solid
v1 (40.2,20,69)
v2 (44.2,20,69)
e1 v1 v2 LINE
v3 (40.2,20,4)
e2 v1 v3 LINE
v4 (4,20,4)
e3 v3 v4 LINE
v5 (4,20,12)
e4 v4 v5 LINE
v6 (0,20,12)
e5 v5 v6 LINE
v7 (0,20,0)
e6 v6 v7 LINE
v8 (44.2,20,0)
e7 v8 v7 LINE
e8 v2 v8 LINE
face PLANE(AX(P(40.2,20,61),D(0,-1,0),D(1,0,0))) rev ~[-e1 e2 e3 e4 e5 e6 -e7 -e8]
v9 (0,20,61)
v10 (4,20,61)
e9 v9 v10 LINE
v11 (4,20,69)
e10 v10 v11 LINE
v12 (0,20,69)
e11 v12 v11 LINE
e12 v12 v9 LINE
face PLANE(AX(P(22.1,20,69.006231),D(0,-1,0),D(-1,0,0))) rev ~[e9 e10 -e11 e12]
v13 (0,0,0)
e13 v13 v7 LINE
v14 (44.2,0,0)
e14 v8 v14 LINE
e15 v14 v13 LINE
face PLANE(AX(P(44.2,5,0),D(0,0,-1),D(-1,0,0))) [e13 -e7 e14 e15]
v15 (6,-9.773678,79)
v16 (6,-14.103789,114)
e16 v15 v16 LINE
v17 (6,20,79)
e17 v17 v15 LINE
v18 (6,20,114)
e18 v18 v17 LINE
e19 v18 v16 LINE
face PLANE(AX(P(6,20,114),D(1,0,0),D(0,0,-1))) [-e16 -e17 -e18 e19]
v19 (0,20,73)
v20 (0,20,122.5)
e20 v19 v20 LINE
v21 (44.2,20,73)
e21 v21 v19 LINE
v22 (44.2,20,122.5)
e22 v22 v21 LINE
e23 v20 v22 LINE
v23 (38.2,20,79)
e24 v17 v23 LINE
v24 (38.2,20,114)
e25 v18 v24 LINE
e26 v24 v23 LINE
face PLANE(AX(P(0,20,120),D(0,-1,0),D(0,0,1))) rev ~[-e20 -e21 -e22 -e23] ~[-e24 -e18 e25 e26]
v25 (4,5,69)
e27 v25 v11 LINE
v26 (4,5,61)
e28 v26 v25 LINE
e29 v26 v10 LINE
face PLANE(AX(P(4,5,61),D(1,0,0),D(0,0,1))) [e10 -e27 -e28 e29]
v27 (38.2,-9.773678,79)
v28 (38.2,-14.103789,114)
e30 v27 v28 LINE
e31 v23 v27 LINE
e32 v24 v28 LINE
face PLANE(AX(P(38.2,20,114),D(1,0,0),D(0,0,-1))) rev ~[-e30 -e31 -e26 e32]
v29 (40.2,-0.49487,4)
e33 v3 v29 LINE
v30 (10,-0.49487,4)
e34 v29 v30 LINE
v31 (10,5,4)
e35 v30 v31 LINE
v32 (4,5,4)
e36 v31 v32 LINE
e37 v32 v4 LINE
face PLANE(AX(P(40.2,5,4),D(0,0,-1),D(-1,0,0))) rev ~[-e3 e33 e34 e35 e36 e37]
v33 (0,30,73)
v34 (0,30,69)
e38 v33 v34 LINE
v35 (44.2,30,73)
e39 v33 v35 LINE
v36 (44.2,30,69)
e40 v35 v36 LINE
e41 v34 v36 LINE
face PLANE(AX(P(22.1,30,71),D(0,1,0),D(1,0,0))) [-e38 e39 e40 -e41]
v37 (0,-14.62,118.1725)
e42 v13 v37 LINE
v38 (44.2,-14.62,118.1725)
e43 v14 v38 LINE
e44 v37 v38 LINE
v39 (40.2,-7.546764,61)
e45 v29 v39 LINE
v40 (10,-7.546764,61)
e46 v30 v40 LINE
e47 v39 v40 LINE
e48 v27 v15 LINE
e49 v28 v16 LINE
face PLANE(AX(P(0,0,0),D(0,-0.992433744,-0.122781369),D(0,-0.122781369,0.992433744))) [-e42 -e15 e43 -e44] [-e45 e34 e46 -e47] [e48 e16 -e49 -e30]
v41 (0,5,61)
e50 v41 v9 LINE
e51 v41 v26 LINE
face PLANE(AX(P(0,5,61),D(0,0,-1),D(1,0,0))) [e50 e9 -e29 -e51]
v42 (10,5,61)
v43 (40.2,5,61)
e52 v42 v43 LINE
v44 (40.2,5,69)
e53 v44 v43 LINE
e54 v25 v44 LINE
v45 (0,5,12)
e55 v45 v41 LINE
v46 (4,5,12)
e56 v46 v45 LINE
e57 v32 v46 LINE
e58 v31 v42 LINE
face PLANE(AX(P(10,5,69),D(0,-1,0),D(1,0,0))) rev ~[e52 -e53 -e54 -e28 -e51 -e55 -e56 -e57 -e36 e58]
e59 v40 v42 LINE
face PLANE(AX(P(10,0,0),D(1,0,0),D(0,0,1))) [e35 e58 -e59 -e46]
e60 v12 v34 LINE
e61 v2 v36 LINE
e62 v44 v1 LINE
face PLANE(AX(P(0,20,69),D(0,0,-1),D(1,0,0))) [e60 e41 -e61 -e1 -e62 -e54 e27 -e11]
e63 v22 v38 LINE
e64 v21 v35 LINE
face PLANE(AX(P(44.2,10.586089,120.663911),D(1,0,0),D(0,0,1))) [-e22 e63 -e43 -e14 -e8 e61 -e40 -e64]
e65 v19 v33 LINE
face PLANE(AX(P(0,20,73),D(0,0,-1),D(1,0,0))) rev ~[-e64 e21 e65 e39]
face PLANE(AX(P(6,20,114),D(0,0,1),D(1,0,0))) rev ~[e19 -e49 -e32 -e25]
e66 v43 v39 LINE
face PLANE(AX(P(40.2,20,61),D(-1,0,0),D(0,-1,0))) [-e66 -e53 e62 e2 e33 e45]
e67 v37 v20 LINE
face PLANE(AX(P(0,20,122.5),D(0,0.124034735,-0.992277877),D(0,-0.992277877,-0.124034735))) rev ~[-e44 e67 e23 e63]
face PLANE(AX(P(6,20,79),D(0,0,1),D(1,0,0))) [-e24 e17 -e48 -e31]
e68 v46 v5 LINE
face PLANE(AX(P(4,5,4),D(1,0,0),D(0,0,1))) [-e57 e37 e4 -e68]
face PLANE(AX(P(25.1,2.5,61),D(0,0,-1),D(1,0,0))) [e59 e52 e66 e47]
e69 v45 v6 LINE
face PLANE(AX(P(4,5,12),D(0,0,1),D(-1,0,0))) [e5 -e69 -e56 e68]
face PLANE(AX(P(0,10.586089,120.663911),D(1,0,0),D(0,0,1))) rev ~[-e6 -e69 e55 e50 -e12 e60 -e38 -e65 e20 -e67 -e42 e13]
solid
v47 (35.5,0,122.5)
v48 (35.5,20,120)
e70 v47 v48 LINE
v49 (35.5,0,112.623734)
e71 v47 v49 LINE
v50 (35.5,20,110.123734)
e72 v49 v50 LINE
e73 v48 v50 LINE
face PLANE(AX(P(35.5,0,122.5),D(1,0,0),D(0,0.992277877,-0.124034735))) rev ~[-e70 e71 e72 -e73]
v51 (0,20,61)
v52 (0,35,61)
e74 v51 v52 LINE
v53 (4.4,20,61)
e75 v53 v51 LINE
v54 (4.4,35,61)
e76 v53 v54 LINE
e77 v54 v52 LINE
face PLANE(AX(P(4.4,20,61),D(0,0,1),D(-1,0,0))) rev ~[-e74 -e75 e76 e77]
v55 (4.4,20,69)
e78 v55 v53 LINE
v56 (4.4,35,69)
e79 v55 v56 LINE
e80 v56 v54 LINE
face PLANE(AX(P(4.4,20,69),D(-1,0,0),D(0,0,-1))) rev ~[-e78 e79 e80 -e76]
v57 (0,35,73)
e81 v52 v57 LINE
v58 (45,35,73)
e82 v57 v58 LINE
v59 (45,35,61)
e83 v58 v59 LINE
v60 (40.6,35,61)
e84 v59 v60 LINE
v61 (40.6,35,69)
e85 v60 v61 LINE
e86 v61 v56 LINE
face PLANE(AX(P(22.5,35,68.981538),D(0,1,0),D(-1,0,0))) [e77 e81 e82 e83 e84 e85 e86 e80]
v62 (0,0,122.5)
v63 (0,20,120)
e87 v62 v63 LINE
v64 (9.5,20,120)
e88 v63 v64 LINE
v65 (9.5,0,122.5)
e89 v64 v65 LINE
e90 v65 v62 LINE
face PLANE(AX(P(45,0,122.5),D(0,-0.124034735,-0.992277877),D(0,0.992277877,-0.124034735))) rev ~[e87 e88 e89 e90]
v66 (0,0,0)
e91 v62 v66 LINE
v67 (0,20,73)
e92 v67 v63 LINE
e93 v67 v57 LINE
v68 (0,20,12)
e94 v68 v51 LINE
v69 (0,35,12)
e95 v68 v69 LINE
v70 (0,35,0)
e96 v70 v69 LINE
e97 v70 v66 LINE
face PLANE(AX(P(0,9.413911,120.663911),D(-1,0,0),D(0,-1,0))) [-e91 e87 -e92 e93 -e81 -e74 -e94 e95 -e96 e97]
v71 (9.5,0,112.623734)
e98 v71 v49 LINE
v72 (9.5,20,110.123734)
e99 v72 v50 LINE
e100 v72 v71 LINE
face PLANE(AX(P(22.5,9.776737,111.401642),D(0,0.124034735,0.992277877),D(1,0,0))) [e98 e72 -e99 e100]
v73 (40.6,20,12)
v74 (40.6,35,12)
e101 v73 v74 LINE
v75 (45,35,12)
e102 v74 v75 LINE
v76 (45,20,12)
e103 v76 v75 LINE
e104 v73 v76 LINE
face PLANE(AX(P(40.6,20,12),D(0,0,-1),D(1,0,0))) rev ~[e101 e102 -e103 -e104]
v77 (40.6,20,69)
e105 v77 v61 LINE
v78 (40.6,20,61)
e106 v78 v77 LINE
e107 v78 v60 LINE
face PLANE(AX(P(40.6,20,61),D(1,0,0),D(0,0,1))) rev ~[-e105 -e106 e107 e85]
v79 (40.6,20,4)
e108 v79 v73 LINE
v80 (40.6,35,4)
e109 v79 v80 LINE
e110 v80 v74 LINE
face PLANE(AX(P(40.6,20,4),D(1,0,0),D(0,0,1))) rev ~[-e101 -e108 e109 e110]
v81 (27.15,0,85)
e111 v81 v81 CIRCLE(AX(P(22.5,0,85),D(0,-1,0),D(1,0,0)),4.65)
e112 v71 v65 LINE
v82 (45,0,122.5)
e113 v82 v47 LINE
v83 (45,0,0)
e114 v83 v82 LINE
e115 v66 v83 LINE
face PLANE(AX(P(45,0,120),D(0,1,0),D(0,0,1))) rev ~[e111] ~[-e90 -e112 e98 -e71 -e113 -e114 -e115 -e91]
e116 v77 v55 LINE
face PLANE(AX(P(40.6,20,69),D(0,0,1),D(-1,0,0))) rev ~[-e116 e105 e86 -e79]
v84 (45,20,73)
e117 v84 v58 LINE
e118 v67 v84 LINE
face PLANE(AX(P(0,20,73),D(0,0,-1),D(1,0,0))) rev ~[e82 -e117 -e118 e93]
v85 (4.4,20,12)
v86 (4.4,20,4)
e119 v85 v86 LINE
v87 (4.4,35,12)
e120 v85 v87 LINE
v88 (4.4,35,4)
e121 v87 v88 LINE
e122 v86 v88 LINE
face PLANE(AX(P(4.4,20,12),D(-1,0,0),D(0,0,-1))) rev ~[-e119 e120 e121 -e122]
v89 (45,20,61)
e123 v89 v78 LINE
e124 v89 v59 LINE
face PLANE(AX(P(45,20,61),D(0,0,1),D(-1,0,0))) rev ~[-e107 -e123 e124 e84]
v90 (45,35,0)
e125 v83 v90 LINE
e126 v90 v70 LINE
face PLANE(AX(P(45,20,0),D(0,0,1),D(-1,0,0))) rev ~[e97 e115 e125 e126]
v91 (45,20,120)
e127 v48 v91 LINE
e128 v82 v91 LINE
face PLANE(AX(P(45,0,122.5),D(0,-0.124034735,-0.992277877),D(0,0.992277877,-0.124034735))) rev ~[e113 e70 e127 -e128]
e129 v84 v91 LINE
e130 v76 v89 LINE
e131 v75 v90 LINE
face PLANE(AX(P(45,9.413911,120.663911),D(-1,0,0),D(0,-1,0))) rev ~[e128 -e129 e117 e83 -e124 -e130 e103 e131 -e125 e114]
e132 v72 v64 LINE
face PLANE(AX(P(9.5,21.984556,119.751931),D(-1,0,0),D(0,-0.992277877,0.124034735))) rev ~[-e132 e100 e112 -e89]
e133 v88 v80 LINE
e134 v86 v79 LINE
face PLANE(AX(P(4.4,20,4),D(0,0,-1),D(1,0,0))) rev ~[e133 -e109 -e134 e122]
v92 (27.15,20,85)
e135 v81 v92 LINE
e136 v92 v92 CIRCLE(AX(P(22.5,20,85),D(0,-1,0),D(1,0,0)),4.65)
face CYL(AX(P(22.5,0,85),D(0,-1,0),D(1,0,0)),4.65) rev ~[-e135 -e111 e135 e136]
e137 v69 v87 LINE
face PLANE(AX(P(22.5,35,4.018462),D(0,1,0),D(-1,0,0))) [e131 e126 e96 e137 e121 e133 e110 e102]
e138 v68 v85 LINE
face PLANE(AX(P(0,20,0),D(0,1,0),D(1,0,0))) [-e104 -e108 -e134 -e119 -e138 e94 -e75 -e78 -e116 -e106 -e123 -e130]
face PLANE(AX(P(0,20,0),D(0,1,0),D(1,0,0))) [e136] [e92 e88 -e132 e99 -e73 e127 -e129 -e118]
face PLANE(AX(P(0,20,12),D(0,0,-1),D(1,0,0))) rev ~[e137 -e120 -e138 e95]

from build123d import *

# Parameters (mm, degrees)
SKETCH_W        = 45
SKETCH_H        = 20
PAD_DEPTH       = 120
PAD001_DEPTH    = 45
SKETCH002_R     = 4.65
POCKET_DEPTH    = 20
PAD002_DEPTH    = 15
PAD003_DEPTH    = 15
POCKET001_DEPTH = 9.8
SKETCH005_W     = 10
SKETCH005_H     = 73
PAD004_DEPTH    = 5
PAD005_DEPTH    = 15
PAD006_DEPTH    = 5
PAD007_DEPTH    = 15
PAD008_DEPTH    = 5
SKETCH008_W     = 44.2
SKETCH008_H     = 4
PAD009_DEPTH    = 10
SKETCH009_W     = 30.2
SKETCH009_H     = 5
PAD010_DEPTH    = 8
SKETCH011_W     = 4
SKETCH011_H     = 5
PAD011_DEPTH    = 49
SKETCH013_W     = 4
SKETCH013_H     = 15
PAD012_DEPTH    = 49
SKETCH014_W     = 44.2
SKETCH014_H     = 20
PAD013_DEPTH    = 47
PAD014_DEPTH    = 44.2
PAD015_DEPTH    = 44.2
SKETCH017_W     = 30.2
SKETCH017_H     = 57
POCKET002_DEPTH = 10
SKETCH018_W     = 32.2
SKETCH018_H     = 35
POCKET003_DEPTH = 50


with BuildPart() as body:
    # Sketch → Pad (new body)
    with BuildSketch(Plane.XY):
        with Locations((22.5, 10)):
            Rectangle(SKETCH_W, SKETCH_H)
    extrude(amount=PAD_DEPTH)

    # Sketch001 (on Face2 of Pad) → Pad001 (join)
    with BuildSketch(Plane.YZ.offset(45)):
        Polygon((0, 120), (0, 122.5), (20, 120), align=None)
    extrude(amount=-PAD001_DEPTH)

    # Sketch002 (on Face6 of Pad001) → Pocket (cut)
    with BuildSketch(Plane.XZ):
        with Locations((22.5, 85)):
            Circle(SKETCH002_R)
    extrude(amount=-POCKET_DEPTH, mode=Mode.SUBTRACT)

    # Sketch003 (on Face1 of Pocket) → Pad002 (join)
    with BuildSketch(Plane(origin=(0, 20, 0), x_dir=(-1, 0, 0), z_dir=(0, 1, 0))):
        Polygon((-4.4, 4), (-40.6, 4), (-40.6, 12), (-45, 12), (-45, 0), (0, 0), (0, 12), (-4.4, 12), align=None)
    extrude(amount=PAD002_DEPTH)

    # Sketch004 (on Face1 of Pad002) → Pad003 (join)
    with BuildSketch(Plane(origin=(0, 20, 0), x_dir=(-1, 0, 0), z_dir=(0, 1, 0))):
        Polygon((0, 73), (-45, 73), (-45, 61), (-40.6, 61), (-40.6, 69), (-4.4, 69), (-4.4, 61), (0, 61), align=None)
    extrude(amount=PAD003_DEPTH)

    # Sketch010 (on Face27 of Pad003) → Pocket001 (cut)
    with BuildSketch(Plane(origin=(0, 15.0769230769, 120.6153846154), x_dir=(1, 0, 0), z_dir=(0, 0.1240347346, 0.9922778767))):
        Polygon((9.5, 4.9613893836), (9.5, -15.1942549872), (35.5, -15.1942549872), (35.5, 4.9613893836), (35.5, 6.9613893836), (9.5, 6.9613893836), align=None)
    extrude(amount=-POCKET001_DEPTH, mode=Mode.SUBTRACT)


with BuildPart() as batteryrearmotorholder001:
    # Sketch005 → Pad004 (new body)
    with BuildSketch(Plane.XZ):
        with Locations((5, 36.5)):
            Rectangle(SKETCH005_W, SKETCH005_H)
    extrude(amount=-PAD004_DEPTH)

    # Sketch006 (on Face6 of Pad004) → Pad005 (join)
    with BuildSketch(Plane(origin=(0, 5, 0), x_dir=(1, 0, 0), z_dir=(0, 1, 0))):
        Polygon((0, 0), (10, 0), (44.2, 0), (44.2, -12), (40.2, -12), (40.2, -4), (4, -4), (4, -12), (0, -12), align=None)
    extrude(amount=PAD005_DEPTH)

    # Sketch006 (on Face6 of Pad004) → Pad006 (join)
    with BuildSketch(Plane(origin=(0, 5, 0), x_dir=(1, 0, 0), z_dir=(0, 1, 0))):
        Polygon((0, 0), (10, 0), (44.2, 0), (44.2, -12), (40.2, -12), (40.2, -4), (4, -4), (4, -12), (0, -12), align=None)
    extrude(amount=-PAD006_DEPTH)

    # Sketch007 (on Face6 of Pad004) → Pad007 (join)
    with BuildSketch(Plane(origin=(0, 5, 0), x_dir=(1, 0, 0), z_dir=(0, 1, 0))):
        Polygon((0, -73), (0, -61), (4, -61), (4, -69), (40.2, -69), (40.2, -61), (44.2, -61), (44.2, -73), align=None)
    extrude(amount=PAD007_DEPTH)

    # Sketch007 (on Face6 of Pad004) → Pad008 (join)
    with BuildSketch(Plane(origin=(0, 5, 0), x_dir=(1, 0, 0), z_dir=(0, 1, 0))):
        Polygon((0, -73), (0, -61), (4, -61), (4, -69), (40.2, -69), (40.2, -61), (44.2, -61), (44.2, -73), align=None)
    extrude(amount=-PAD008_DEPTH)

    # Sketch008 (on Face33 of Pad008) → Pad009 (join)
    with BuildSketch(Plane(origin=(0, 20, 0), x_dir=(1, 0, 0), z_dir=(0, 1, 0))):
        with Locations((22.1, -71)):
            Rectangle(SKETCH008_W, SKETCH008_H)
    extrude(amount=PAD009_DEPTH)

    # Sketch009 (on Face32 of Pad009) → Pad010 (join)
    with BuildSketch(Plane(origin=(0, 0, 69), x_dir=(1, 0, 0), z_dir=(0, 0, -1))):
        with Locations((25.1, -2.5)):
            Rectangle(SKETCH009_W, SKETCH009_H)
    extrude(amount=PAD010_DEPTH)

    # Sketch011 (on Face16 of Pad009) → Pad011 (join)
    with BuildSketch(Plane(origin=(0, 0, 12), x_dir=(-1, 0, 0), z_dir=(0, 0, 1))):
        with Locations((-42.2, -2.5)):
            Rectangle(SKETCH011_W, SKETCH011_H)
    extrude(amount=PAD011_DEPTH)

    # Sketch013 (on Face45 of Pad011) → Pad012 (join)
    with BuildSketch(Plane(origin=(0, 0, 61), x_dir=(1, 0, 0), z_dir=(0, 0, -1))):
        with Locations((42.2, -12.5)):
            Rectangle(SKETCH013_W, SKETCH013_H)
    extrude(amount=PAD012_DEPTH)

    # Sketch014 (on Face44 of Pad012) → Pad013 (join)
    with BuildSketch(Plane(origin=(0, 0, 73), x_dir=(-1, 0, 0), z_dir=(0, 0, 1))):
        with Locations((-22.1, -10)):
            Rectangle(SKETCH014_W, SKETCH014_H)
    extrude(amount=PAD013_DEPTH)

    # Sketch015 (on Face33 of Pad013) → Pad014 (join)
    with BuildSketch(Plane(origin=(0, 0, 0), x_dir=(0, 0, -1), z_dir=(-1, 0, 0))):
        Polygon((-120, 0), (-120, -20), (-122.5, -20), align=None)
    extrude(amount=-PAD014_DEPTH)

    # Sketch016 (on Face33 of Pad014) → Pad015 (join)
    with BuildSketch(Plane(origin=(0, 0, 0), x_dir=(0, 0, -1), z_dir=(-1, 0, 0))):
        Polygon((-120, 0), (0, 0), (-118.1725, 14.62), align=None)
    extrude(amount=-PAD015_DEPTH)

    # Sketch017 (on Face48 of Pad015) → Pocket002 (cut)
    with BuildSketch(Plane(origin=(0, 0, 0), x_dir=(1, 0, 0), z_dir=(0, 1, 0))):
        with Locations((25.1, -32.5)):
            Rectangle(SKETCH017_W, SKETCH017_H)
    extrude(amount=-POCKET002_DEPTH, mode=Mode.SUBTRACT)

    # Sketch018 (on Face36 of Pocket002) → Pocket003 (cut)
    with BuildSketch(Plane(origin=(0, 20, 0), x_dir=(1, 0, 0), z_dir=(0, 1, 0))):
        with Locations((22.1, -96.5)):
            Rectangle(SKETCH018_W, SKETCH018_H)
    extrude(amount=-POCKET003_DEPTH, mode=Mode.SUBTRACT)


solid = Compound([body.part, batteryrearmotorholder001.part])
